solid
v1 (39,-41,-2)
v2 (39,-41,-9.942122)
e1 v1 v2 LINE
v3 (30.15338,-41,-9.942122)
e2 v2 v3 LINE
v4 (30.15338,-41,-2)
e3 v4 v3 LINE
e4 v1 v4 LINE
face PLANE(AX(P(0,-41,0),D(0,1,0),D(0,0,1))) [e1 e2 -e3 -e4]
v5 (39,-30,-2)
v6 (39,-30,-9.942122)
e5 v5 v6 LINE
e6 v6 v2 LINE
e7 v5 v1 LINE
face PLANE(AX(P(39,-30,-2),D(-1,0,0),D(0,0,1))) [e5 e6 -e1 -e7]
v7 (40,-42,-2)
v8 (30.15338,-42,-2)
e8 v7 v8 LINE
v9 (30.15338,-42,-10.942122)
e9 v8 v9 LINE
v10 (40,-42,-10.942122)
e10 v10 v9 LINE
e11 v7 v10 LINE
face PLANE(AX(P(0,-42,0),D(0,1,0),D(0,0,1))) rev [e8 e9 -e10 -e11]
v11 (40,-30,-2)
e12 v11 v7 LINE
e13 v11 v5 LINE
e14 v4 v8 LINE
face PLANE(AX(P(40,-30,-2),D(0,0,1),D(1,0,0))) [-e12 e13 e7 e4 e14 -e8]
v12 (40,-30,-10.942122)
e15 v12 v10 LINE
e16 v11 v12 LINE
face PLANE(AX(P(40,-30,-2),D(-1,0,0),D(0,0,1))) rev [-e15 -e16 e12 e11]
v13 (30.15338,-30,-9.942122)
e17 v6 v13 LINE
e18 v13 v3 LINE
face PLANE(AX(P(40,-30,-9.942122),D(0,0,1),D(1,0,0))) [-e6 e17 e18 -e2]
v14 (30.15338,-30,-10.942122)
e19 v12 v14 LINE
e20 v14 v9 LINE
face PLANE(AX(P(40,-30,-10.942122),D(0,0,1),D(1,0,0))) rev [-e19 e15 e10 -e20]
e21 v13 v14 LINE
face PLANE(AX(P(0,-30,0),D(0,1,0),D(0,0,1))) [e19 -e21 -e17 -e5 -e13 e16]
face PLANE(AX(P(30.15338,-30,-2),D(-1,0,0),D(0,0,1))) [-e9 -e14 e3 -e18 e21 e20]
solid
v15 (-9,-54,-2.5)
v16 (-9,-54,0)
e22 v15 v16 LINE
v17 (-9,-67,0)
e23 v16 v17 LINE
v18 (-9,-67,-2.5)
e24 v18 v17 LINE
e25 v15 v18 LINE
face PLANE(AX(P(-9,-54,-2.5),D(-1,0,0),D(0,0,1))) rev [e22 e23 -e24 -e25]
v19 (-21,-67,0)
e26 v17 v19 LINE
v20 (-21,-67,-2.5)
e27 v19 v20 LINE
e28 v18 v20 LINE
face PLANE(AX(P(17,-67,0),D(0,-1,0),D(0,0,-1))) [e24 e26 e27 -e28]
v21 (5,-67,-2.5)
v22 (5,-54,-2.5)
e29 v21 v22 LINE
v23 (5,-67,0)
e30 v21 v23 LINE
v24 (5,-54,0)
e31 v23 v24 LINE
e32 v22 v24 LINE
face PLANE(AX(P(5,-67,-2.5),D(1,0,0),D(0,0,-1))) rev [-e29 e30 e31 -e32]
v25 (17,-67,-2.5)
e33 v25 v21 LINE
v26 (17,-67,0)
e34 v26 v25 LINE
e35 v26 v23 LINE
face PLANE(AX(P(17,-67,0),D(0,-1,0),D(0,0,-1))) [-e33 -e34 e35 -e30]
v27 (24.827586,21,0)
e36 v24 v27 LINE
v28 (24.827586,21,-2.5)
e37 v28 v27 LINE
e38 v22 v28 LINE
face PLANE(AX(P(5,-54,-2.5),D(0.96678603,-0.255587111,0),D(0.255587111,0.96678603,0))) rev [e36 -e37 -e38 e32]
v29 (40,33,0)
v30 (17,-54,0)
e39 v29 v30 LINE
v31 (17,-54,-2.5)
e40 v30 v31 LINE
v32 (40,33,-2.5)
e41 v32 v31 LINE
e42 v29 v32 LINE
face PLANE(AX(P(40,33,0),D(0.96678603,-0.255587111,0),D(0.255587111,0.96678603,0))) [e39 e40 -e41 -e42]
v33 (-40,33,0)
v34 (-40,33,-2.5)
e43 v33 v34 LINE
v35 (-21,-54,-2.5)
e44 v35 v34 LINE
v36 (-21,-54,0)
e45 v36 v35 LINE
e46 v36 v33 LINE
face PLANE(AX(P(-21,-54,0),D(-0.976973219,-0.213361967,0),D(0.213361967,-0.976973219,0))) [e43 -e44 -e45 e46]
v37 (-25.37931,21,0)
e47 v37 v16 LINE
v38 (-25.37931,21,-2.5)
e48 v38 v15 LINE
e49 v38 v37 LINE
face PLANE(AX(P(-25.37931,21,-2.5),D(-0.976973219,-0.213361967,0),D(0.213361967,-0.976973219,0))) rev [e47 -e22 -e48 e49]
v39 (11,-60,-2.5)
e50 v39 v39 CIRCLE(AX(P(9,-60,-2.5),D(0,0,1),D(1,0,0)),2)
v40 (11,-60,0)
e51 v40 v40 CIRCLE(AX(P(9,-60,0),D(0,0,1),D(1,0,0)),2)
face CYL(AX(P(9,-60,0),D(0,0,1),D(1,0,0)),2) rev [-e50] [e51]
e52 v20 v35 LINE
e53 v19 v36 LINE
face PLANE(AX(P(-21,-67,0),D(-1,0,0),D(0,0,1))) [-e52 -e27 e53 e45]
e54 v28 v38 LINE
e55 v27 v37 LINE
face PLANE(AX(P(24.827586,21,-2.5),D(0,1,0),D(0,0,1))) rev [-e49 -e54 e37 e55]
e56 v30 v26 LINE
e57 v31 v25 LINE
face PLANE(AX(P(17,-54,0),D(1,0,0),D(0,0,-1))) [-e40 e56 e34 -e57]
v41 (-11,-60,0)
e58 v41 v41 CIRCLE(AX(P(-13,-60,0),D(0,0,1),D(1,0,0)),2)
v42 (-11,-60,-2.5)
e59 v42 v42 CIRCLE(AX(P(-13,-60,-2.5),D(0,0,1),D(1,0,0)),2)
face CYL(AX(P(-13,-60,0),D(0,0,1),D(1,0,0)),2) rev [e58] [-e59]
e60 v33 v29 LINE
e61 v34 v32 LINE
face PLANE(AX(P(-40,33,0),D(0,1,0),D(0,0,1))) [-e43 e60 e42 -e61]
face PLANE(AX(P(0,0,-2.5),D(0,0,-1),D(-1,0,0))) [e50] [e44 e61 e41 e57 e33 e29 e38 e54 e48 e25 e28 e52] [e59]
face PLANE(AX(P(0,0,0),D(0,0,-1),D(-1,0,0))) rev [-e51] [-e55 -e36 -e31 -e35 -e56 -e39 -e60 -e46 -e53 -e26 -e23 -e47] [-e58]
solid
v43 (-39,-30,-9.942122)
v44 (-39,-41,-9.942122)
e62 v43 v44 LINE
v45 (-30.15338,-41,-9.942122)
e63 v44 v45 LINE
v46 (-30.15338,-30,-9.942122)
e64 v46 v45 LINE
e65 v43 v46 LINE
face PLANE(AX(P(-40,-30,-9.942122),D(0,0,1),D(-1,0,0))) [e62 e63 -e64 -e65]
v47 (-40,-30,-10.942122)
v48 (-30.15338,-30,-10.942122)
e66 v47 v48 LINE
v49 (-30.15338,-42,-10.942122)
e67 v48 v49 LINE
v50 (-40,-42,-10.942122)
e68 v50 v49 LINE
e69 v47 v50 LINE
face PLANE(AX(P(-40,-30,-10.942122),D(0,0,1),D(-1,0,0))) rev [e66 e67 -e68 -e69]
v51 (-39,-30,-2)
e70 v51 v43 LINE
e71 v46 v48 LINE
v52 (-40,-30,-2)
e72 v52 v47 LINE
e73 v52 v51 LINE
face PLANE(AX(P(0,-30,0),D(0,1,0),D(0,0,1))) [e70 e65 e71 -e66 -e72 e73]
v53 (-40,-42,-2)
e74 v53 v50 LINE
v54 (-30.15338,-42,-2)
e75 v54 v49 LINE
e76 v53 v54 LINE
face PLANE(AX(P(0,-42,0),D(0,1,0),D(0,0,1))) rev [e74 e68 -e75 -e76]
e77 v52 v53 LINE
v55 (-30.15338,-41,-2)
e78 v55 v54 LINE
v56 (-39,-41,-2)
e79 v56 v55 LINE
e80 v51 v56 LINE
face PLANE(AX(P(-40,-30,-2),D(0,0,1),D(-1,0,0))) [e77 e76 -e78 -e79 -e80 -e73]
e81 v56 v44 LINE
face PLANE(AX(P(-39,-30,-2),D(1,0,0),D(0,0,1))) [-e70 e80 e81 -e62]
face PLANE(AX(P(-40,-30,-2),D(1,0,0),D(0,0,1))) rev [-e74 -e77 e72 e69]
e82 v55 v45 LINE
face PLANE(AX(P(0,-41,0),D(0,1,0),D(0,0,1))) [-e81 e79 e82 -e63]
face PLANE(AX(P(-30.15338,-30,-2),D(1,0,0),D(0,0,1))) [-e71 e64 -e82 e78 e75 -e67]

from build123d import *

# Parameters (mm, degrees)
RESSALTO_EXTRUS_O1_DEPTH       = 2.5
CORTE_EXTRUS_O1_DEPTH          = 3.5
FURO_DE_DI_METRO_4_0_4_1_D     = 4
FURO_DE_DI_METRO_4_0_4_1_DEPTH = 2.5
ESBO_O7_W                      = 9.846619962
ESBO_O7_H                      = 8.942122463
RESSALTO_EXTRUS_O2_DEPTH       = 12
CASCA1_T                       = -1


with BuildPart() as part:
    # Esboço1 → Ressalto-extrusão1 (new body)
    with BuildSketch(Plane(origin=(0, 0, -2.5), x_dir=(-1, 0, 0), z_dir=(0, 0, -1))):
        Polygon((-17, -54), (-17, -67), (21, -67), (21, -54), (40, 33), (-40, 33), align=None)
    extrude(amount=-RESSALTO_EXTRUS_O1_DEPTH)

    # Esboço2 → Corte-extrusão1 (cut, through all)
    with BuildSketch(Plane.XY):
        Polygon((-9, -67), (5, -67), (5, -54), (24.827586207, 21), (-25.379310345, 21), (-9, -54), align=None)
    extrude(amount=-CORTE_EXTRUS_O1_DEPTH, mode=Mode.SUBTRACT)

    # Furo de diâmetro Ø4.0 (4)1
    with Locations(Plane.XY):
        with Locations((-13, -60), (9, -60)):
            Hole(FURO_DE_DI_METRO_4_0_4_1_D / 2, depth=FURO_DE_DI_METRO_4_0_4_1_DEPTH)


with BuildPart() as body_2:
    # Esboço7 → Ressalto-extrusão2 (new body)
    with BuildSketch(Plane(origin=(0, -42, 0), x_dir=(1, 0, 0), z_dir=(0, 1, 0))):
        with Locations((35.076690019, 6.471061232)):
            Rectangle(ESBO_O7_W, ESBO_O7_H)
    extrude(amount=RESSALTO_EXTRUS_O2_DEPTH)

    # Casca1
    casca1_openings = [body_2.faces().sort_by_distance(p)[0] for p in [
        (35.076690019, -30, -6.471061231),
        (35.076690019, -36, -2),
        (30.153380038, -36, -6.471061231),
    ]]
    offset(amount=CASCA1_T, openings=casca1_openings, kind=Kind.INTERSECTION)


with BuildPart() as body_3:
    # Espelhar3: mirrored copy
    add(body_2.part.mirror(Plane(origin=(0, 0, 0), x_dir=(0, 0, 1), z_dir=(1, 0, 0))))


solid = Compound([part.part, body_2.part, body_3.part])
